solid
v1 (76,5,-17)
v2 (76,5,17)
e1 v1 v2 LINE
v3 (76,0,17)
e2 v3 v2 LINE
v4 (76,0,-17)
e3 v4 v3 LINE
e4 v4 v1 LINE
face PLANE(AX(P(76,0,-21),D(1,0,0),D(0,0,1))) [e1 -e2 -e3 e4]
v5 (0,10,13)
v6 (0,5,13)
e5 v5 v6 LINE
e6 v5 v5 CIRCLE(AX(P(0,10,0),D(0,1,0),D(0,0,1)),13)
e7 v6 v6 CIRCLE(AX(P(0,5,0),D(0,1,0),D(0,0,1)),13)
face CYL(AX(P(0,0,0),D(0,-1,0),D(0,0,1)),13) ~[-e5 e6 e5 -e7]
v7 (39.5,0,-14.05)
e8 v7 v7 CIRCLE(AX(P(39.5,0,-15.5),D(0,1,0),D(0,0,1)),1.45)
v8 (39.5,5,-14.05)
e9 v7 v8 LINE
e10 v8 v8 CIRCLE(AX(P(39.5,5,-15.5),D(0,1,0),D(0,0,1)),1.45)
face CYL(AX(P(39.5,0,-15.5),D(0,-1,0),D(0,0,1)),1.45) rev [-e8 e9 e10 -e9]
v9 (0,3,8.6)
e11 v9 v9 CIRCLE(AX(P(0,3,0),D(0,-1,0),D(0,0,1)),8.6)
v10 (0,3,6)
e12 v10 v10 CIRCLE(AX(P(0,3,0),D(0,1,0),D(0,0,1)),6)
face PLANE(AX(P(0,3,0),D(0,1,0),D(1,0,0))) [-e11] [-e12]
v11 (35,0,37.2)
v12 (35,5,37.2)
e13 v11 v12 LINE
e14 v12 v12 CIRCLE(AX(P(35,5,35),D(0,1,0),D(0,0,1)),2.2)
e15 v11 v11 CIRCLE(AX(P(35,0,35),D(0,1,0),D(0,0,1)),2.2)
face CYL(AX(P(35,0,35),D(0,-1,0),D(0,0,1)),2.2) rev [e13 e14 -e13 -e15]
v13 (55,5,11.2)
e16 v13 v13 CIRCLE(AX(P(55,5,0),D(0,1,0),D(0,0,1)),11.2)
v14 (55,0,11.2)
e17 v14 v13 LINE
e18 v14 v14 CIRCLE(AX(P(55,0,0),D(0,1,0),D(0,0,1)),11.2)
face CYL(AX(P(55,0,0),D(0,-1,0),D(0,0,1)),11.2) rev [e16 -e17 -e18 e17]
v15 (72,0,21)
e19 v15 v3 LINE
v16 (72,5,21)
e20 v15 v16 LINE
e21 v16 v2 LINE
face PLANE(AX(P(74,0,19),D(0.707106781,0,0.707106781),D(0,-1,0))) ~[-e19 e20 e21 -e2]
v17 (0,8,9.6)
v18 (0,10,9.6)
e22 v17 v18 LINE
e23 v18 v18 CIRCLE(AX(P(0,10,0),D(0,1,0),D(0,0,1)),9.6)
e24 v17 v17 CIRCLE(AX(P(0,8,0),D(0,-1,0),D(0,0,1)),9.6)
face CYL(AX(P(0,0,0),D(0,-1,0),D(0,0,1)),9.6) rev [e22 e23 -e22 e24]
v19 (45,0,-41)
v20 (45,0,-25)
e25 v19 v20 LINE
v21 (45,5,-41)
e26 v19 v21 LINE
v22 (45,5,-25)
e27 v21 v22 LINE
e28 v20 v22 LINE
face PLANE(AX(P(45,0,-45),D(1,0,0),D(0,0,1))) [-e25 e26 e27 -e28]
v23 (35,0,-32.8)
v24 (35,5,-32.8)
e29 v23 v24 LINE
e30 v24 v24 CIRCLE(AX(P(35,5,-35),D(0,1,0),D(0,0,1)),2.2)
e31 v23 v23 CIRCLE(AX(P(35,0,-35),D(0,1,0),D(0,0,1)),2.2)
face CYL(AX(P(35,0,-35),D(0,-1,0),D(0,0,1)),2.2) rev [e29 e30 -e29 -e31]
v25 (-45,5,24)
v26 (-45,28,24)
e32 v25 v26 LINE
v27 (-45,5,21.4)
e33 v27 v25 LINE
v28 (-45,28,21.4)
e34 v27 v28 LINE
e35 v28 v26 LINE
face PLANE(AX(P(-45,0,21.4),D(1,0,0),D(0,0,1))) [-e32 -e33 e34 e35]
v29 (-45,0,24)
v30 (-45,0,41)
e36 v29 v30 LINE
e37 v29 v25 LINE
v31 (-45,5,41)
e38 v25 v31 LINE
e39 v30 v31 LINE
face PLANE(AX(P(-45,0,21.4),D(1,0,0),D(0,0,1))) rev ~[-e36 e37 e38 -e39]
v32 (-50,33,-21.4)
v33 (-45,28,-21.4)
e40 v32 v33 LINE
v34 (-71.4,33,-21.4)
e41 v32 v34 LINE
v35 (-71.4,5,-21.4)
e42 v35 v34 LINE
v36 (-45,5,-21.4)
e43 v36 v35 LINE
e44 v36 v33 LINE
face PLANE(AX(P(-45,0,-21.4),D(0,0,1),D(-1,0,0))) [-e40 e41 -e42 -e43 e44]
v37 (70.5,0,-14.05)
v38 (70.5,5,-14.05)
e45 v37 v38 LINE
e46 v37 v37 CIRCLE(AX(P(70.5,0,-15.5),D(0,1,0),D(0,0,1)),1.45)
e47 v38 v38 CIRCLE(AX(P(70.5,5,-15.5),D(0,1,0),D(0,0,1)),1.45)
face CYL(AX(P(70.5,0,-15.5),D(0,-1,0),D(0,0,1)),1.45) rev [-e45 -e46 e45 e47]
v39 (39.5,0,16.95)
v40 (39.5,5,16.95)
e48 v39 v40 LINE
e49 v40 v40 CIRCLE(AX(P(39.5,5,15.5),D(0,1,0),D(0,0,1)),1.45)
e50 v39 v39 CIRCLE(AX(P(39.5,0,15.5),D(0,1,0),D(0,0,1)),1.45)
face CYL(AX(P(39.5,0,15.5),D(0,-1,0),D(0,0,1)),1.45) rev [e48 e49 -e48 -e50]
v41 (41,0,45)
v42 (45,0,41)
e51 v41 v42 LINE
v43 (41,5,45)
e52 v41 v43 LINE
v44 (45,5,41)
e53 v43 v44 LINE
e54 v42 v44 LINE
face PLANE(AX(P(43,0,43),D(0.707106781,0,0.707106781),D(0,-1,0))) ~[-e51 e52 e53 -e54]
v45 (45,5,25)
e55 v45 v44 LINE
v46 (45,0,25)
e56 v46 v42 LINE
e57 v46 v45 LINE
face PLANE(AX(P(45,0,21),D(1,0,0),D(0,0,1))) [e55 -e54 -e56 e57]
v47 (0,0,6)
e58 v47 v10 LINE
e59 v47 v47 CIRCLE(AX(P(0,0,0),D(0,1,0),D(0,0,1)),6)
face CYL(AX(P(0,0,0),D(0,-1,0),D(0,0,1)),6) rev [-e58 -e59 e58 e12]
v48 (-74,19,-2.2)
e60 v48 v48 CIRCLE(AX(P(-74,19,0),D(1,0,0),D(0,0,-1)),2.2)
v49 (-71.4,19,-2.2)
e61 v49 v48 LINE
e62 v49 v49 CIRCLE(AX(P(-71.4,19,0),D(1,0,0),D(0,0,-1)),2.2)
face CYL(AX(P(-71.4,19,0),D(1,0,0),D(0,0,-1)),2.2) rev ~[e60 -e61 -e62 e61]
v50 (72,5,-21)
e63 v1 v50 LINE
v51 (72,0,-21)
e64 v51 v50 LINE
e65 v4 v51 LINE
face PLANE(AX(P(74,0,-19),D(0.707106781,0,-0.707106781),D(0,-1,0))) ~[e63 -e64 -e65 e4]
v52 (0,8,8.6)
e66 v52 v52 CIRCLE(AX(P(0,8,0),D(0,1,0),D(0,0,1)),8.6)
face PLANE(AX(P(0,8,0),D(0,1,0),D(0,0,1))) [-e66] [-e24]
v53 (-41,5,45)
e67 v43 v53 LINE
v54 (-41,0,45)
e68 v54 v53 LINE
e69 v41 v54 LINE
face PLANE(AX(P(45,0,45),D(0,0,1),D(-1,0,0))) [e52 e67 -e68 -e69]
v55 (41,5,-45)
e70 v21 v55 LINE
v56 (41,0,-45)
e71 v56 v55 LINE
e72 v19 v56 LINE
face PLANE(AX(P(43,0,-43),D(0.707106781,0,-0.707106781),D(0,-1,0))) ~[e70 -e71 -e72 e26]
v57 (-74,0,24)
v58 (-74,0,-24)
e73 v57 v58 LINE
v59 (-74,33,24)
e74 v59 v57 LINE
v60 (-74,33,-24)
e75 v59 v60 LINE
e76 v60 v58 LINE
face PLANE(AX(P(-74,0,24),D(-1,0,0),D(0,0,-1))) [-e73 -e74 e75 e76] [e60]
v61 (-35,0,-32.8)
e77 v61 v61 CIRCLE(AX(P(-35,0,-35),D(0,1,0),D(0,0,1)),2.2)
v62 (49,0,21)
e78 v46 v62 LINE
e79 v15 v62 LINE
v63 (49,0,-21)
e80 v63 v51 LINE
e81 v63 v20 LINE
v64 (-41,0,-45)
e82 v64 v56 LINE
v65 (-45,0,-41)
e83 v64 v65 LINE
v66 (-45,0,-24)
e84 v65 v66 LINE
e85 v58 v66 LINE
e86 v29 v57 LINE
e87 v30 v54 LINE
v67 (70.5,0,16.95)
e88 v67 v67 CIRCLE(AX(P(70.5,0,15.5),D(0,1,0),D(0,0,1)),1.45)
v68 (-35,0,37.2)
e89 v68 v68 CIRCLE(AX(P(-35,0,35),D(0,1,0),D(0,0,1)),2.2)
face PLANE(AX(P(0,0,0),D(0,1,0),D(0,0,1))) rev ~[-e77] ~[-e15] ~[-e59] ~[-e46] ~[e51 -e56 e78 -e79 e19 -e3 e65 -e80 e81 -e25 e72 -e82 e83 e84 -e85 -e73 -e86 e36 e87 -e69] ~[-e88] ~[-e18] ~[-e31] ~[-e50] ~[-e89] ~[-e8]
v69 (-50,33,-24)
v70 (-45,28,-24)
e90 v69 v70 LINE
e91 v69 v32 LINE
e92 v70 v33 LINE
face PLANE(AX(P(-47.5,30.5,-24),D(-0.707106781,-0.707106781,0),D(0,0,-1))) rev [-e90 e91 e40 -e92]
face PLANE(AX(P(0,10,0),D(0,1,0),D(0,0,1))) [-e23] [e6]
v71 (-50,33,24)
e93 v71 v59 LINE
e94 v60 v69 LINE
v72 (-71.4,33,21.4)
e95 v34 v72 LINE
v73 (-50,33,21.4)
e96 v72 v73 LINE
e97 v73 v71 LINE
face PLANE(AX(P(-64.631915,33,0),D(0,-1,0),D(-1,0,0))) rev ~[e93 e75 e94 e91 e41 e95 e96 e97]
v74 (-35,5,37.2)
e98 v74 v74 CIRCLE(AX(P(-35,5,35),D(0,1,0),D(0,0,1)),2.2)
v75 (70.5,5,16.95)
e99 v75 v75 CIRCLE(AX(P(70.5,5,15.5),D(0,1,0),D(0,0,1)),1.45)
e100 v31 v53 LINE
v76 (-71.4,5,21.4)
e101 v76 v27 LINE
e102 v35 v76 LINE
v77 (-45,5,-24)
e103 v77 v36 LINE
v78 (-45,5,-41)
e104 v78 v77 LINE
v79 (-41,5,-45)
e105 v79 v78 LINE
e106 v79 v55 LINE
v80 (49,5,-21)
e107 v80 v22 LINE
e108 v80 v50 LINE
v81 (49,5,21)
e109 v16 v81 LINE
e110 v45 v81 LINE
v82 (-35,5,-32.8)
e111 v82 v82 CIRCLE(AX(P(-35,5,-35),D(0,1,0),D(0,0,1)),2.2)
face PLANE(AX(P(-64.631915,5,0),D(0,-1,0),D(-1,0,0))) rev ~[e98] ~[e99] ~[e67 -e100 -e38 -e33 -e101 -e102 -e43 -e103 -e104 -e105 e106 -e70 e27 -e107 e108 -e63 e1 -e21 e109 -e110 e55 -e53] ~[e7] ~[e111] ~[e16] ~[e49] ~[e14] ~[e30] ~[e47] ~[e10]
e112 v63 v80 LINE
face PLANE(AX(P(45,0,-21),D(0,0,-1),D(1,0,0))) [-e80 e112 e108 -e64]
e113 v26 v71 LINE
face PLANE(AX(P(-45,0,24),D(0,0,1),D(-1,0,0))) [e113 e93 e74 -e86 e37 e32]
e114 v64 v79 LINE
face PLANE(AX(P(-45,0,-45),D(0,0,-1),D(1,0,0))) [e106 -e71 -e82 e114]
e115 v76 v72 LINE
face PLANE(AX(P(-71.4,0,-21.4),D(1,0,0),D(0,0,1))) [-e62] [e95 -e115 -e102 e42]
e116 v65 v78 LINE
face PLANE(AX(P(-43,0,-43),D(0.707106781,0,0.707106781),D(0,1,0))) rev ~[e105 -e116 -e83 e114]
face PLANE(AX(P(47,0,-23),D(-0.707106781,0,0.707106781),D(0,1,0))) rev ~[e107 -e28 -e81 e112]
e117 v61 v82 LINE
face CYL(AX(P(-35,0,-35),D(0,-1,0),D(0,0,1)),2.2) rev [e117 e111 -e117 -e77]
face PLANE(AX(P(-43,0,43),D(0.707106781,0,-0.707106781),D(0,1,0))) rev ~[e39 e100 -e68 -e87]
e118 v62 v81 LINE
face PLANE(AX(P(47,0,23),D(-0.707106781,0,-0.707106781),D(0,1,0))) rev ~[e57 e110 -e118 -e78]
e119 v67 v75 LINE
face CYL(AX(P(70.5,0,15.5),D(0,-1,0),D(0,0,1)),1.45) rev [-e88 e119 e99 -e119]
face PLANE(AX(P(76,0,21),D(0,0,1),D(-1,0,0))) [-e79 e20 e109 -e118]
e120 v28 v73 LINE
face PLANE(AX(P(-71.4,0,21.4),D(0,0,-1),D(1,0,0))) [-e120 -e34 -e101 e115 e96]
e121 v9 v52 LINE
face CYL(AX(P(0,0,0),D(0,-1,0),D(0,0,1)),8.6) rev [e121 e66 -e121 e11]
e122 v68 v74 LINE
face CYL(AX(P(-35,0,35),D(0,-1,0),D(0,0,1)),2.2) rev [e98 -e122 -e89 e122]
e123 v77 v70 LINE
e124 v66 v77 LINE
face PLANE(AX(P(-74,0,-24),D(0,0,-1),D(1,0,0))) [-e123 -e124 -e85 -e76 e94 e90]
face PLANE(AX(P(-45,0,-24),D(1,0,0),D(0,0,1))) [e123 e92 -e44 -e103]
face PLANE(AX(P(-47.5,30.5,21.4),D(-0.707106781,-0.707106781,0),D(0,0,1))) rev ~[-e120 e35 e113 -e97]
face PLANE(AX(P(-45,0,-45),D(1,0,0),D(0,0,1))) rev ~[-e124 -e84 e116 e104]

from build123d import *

# Parameters (mm, degrees)
SKETCH1_R           = 2.2
SKETCH1_R_2         = 1.45
SKETCH1_R_3         = 13
SKETCH1_R_4         = 11.2
BOSS_EXTRUDE1_DEPTH = 5
BOSS_EXTRUDE2_DEPTH = 33
SKETCH1_4_R         = 13
SKETCH1_4_R_2       = 6
BOSS_EXTRUDE3_DEPTH = 3
SKETCH1_5_R         = 13
SKETCH1_5_R_2       = 8.6
BOSS_EXTRUDE4_DEPTH = 8
SKETCH1_6_R         = 13
SKETCH1_6_R_2       = 9.6
BOSS_EXTRUDE5_DEPTH = 10
SKETCH2_R           = 2.2
CUT_EXTRUDE1_DEPTH  = 10
CHAMFER1_SIZE       = 4
CHAMFER2_SIZE       = 5


with BuildPart() as part:
    # Sketch1 → Boss-Extrude1 (new body)
    with BuildSketch(Plane(origin=(0, 0, 0), x_dir=(1, 0, 0), z_dir=(0, 1, 0))):
        Polygon((45, 45), (-45, 45), (-45, 24), (-74, 24), (-74, -24), (-45, -24), (-45, -45), (45, -45), (45, -21), (76, -21), (76, 21), (45, 21), align=None)
        with Locations((-35, -35)):
            Circle(SKETCH1_R, mode=Mode.SUBTRACT)
        with Locations((35, -35)):
            Circle(SKETCH1_R, mode=Mode.SUBTRACT)
        with Locations((39.5, -15.5)):
            Circle(SKETCH1_R_2, mode=Mode.SUBTRACT)
        with Locations((70.5, -15.5)):
            Circle(SKETCH1_R_2, mode=Mode.SUBTRACT)
        Circle(SKETCH1_R_3, mode=Mode.SUBTRACT)
        with Locations((-35, 35)):
            Circle(SKETCH1_R, mode=Mode.SUBTRACT)
        with Locations((55, 0)):
            Circle(SKETCH1_R_4, mode=Mode.SUBTRACT)
        with Locations((39.5, 15.5)):
            Circle(SKETCH1_R_2, mode=Mode.SUBTRACT)
        with Locations((70.5, 15.5)):
            Circle(SKETCH1_R_2, mode=Mode.SUBTRACT)
        with Locations((35, 35)):
            Circle(SKETCH1_R, mode=Mode.SUBTRACT)
    extrude(amount=BOSS_EXTRUDE1_DEPTH)

    # Sketch1<3> → Boss-Extrude2 (add)
    with BuildSketch(Plane(origin=(0, 0, 0), x_dir=(1, 0, 0), z_dir=(0, 1, 0))):
        Polygon((-45, 21.4), (-45, 24), (-74, 24), (-74, -24), (-45, -24), (-45, -21.4), (-71.4, -21.4), (-71.4, 21.4), align=None)
    extrude(amount=BOSS_EXTRUDE2_DEPTH)

    # Sketch1<4> → Boss-Extrude3 (add)
    with BuildSketch(Plane(origin=(0, 0, 0), x_dir=(1, 0, 0), z_dir=(0, 1, 0))):
        Circle(SKETCH1_4_R)
        Circle(SKETCH1_4_R_2, mode=Mode.SUBTRACT)
    extrude(amount=BOSS_EXTRUDE3_DEPTH)

    # Sketch1<5> → Boss-Extrude4 (add)
    with BuildSketch(Plane(origin=(0, 0, 0), x_dir=(1, 0, 0), z_dir=(0, 1, 0))):
        Circle(SKETCH1_5_R)
        Circle(SKETCH1_5_R_2, mode=Mode.SUBTRACT)
    extrude(amount=BOSS_EXTRUDE4_DEPTH)

    # Sketch1<6> → Boss-Extrude5 (add)
    with BuildSketch(Plane(origin=(0, 0, 0), x_dir=(1, 0, 0), z_dir=(0, 1, 0))):
        Circle(SKETCH1_6_R)
        Circle(SKETCH1_6_R_2, mode=Mode.SUBTRACT)
    extrude(amount=BOSS_EXTRUDE5_DEPTH)

    # Sketch2 → Cut-Extrude1 (cut)
    with BuildSketch(Plane(origin=(-71.4, 0, 0), x_dir=(0, 0, -1), z_dir=(1, 0, 0))):
        with Locations((0, 19)):
            Circle(SKETCH2_R)
    extrude(amount=-CUT_EXTRUDE1_DEPTH, mode=Mode.SUBTRACT)

    # Chamfer1
    chamfer1_edges = [part.edges().sort_by_distance(p)[0] for p in [
        (-45, 2.5, 45),
        (-45, 2.5, -45),
        (45, 2.5, -45),
        (45, 2.5, -21),
        (76, 2.5, -21),
        (76, 2.5, 21),
        (45, 2.5, 21),
        (45, 2.5, 45),
    ]]
    chamfer(chamfer1_edges, length=CHAMFER1_SIZE)

    # Chamfer2
    chamfer2_edges = [part.edges().sort_by_distance(p)[0] for p in [
        (-45, 33, -22.7),
        (-45, 33, 22.7),
    ]]
    chamfer(chamfer2_edges, length=CHAMFER2_SIZE)


solid = part.part
